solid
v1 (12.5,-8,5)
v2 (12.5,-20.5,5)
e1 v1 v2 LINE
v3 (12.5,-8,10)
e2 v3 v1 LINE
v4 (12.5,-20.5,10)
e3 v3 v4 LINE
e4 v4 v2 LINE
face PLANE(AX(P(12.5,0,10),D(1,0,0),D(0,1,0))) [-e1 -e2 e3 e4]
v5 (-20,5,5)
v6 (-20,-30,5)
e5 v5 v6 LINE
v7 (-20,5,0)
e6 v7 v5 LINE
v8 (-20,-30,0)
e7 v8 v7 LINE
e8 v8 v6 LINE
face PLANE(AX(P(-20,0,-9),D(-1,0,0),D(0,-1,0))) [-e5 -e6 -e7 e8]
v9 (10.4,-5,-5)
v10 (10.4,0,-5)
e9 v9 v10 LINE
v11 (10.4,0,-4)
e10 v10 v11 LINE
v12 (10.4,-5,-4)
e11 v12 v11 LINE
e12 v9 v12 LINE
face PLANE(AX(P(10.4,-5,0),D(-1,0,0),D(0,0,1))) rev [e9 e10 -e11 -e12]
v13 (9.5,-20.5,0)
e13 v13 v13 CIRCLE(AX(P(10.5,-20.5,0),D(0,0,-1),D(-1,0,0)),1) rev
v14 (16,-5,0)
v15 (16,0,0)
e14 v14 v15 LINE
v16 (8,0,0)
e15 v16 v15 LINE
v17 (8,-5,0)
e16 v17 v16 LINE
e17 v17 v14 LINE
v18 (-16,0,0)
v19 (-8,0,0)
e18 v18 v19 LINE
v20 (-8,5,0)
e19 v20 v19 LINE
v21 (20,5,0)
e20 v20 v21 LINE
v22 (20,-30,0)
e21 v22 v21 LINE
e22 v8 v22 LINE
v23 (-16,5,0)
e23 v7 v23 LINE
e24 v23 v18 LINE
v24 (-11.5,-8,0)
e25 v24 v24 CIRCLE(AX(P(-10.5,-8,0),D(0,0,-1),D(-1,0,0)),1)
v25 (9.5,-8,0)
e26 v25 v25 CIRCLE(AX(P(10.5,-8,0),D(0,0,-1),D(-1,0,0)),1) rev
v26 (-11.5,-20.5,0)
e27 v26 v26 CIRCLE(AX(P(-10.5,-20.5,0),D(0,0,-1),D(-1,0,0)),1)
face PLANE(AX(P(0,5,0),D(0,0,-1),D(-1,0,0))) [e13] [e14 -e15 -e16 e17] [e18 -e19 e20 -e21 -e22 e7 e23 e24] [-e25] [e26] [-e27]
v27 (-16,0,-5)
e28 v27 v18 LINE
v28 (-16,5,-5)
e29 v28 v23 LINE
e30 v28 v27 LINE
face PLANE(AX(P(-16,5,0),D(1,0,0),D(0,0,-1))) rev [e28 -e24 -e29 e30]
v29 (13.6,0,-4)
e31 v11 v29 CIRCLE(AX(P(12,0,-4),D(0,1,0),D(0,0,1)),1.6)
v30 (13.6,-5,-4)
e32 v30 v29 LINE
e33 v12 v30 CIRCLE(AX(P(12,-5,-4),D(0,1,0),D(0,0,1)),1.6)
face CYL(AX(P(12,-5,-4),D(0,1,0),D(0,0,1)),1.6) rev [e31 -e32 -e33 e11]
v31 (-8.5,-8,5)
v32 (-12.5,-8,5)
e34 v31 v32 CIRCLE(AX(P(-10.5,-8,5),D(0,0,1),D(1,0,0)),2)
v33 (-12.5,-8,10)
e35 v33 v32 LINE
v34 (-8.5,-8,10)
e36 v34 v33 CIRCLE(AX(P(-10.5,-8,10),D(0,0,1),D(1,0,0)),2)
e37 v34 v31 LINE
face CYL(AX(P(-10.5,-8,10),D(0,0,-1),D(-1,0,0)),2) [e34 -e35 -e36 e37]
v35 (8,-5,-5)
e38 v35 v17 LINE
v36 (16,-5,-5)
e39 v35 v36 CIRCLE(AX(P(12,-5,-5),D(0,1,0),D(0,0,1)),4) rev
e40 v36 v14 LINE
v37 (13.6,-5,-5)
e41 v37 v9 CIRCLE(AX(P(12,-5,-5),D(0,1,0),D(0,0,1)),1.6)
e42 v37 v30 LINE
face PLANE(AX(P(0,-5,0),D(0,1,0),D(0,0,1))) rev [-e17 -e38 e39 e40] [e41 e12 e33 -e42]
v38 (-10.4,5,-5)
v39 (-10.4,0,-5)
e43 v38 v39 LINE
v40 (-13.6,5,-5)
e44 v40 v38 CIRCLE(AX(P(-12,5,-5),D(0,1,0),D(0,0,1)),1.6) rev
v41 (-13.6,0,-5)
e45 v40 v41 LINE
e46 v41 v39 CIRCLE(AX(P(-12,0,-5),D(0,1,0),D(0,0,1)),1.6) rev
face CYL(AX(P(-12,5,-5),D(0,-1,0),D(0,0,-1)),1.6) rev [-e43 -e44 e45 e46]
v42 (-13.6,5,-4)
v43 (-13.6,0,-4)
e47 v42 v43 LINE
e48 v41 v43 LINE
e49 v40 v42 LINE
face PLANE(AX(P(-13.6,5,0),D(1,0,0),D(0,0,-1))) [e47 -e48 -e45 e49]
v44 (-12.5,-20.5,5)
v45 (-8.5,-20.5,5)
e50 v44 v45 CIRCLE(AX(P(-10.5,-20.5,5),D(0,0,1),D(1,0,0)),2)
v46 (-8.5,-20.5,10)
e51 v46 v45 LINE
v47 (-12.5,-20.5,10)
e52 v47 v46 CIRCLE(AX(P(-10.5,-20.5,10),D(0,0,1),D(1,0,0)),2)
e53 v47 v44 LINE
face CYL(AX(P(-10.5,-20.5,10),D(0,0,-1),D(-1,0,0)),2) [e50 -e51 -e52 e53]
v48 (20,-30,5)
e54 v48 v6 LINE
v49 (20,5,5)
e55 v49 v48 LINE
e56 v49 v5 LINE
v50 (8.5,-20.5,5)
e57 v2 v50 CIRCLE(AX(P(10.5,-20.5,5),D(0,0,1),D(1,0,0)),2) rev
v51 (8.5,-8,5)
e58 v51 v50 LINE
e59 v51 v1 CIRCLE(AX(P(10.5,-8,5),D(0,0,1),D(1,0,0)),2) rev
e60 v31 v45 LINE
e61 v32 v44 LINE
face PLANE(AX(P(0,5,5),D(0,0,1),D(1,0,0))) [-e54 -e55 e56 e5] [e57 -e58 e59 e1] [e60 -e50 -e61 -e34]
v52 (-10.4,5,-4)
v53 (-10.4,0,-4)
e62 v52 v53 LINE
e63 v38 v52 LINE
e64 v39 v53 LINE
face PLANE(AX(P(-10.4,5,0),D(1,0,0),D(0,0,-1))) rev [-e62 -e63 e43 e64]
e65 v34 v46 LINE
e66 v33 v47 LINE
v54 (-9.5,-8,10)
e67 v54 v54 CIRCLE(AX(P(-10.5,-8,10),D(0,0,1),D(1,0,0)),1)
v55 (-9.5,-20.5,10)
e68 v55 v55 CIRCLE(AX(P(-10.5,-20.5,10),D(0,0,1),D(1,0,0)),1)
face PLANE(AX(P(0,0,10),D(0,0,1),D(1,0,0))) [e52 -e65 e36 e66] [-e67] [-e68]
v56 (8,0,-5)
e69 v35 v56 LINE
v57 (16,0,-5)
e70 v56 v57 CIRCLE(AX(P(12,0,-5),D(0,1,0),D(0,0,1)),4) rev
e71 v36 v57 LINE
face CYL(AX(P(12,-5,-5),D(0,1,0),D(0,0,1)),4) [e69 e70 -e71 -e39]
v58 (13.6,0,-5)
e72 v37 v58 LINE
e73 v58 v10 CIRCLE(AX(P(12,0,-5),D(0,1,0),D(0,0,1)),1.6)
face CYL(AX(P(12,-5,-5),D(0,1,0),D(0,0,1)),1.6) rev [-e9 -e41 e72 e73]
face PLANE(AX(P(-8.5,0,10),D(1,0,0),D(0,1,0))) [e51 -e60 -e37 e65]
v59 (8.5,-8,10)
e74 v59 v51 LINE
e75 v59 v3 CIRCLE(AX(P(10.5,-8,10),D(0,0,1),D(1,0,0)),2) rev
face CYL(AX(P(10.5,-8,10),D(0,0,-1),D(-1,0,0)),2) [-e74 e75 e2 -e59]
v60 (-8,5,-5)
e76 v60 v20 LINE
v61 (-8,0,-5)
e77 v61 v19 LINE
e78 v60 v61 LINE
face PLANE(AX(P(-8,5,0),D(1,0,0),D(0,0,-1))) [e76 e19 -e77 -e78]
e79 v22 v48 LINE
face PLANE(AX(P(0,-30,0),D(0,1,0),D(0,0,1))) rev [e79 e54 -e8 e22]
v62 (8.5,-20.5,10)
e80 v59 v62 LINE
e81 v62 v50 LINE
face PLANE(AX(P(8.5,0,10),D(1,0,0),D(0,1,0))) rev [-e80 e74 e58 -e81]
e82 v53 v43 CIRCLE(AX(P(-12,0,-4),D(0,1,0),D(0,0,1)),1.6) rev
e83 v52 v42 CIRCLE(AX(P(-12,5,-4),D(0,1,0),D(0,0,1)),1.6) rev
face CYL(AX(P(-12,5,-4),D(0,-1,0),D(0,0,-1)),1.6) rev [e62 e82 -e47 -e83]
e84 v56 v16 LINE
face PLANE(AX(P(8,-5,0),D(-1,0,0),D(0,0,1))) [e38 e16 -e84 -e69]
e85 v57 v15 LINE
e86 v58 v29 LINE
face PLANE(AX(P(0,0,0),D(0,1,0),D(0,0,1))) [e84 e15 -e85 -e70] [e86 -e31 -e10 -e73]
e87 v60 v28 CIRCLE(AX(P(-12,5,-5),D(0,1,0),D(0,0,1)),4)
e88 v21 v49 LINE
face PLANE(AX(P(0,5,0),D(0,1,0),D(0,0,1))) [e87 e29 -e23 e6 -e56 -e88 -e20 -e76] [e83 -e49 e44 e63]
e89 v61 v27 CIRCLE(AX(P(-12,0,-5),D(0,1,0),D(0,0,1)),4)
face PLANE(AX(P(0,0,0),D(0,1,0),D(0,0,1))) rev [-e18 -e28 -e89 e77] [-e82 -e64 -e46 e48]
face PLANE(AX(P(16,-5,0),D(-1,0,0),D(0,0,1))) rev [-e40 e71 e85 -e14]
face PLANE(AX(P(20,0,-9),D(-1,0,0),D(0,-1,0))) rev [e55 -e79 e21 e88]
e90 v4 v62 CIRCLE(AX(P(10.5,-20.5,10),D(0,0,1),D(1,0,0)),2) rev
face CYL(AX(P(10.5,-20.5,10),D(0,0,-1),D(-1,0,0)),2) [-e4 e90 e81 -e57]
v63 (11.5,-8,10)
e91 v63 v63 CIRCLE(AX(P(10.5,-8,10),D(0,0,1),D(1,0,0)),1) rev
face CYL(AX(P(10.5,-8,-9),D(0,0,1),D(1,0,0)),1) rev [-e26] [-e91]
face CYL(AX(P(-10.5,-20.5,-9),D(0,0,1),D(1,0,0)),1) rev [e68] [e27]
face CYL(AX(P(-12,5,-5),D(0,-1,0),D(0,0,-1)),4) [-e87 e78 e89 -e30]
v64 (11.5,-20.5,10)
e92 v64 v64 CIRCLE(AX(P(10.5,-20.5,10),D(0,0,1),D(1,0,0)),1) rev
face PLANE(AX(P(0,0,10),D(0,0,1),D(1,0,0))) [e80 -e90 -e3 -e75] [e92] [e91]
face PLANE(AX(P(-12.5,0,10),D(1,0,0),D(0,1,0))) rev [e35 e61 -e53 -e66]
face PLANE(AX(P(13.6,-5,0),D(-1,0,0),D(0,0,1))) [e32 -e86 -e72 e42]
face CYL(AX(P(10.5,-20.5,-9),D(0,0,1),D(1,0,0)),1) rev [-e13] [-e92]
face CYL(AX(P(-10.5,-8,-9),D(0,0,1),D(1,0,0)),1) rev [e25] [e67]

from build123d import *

# Parameters (mm, degrees)
BOSS_EXTRUDE1_DEPTH = 5
BOSS_EXTRUDE2_DEPTH = 5
BOSS_EXTRUDE3_DEPTH = 30
SKETCH2_W           = 10
SKETCH2_H           = 35
SKETCH2_R           = 1
CUT_EXTRUDE1_DEPTH  = 45.676615807
BOSS_EXTRUDE4_START = 5
SKETCH2_3_R         = 1
BOSS_EXTRUDE4_DEPTH = 5


with BuildPart() as part:
    # Sketch1 → Boss-Extrude1 (new body)
    with BuildSketch(Plane(origin=(0, 0, 0), x_dir=(1, 0, 0), z_dir=(0, 1, 0))):
        with BuildLine():
            Line((-16, 0), (-30, 0))
            Line((-30, 0), (-30, -5))
            Line((-30, -5), (30, -5))
            Line((30, -5), (30, 0))
            Line((30, 0), (-8, 0))
            Line((-8, 0), (-8, 5))
            ThreePointArc((-8, 5), (-12, 9), (-16, 5))
            Line((-16, 5), (-16, 0))
        make_face()
        with BuildLine():
            ThreePointArc((-13.6, 5), (-12, 6.6), (-10.4, 5))
            Line((-10.4, 5), (-10.4, 4))
            ThreePointArc((-10.4, 4), (-12, 2.4), (-13.6, 4))
            Line((-13.6, 4), (-13.6, 5))
        make_face(mode=Mode.SUBTRACT)
    extrude(amount=BOSS_EXTRUDE1_DEPTH)

    # Sketch1<3> → Boss-Extrude2 (add)
    with BuildSketch(Plane(origin=(0, 0, 0), x_dir=(1, 0, 0), z_dir=(0, 1, 0))):
        with BuildLine():
            Line((-30, 0), (-30, -5))
            Line((-30, -5), (30, -5))
            Line((30, -5), (30, 0))
            Line((30, 0), (16, 0))
            Line((16, 0), (16, 5))
            ThreePointArc((16, 5), (12, 9), (8, 5))
            Line((8, 5), (8, 0))
            Line((8, 0), (-30, 0))
        make_face()
        with BuildLine():
            Line((13.6, 5), (13.6, 4))
            ThreePointArc((13.6, 4), (12, 2.4), (10.4, 4))
            Line((10.4, 4), (10.4, 5))
            ThreePointArc((10.4, 5), (12, 6.6), (13.6, 5))
        make_face(mode=Mode.SUBTRACT)
    extrude(amount=-BOSS_EXTRUDE2_DEPTH)

    # Sketch1<4> → Boss-Extrude3 (add)
    with BuildSketch(Plane(origin=(0, 0, 0), x_dir=(1, 0, 0), z_dir=(0, 1, 0))):
        Polygon((-16, 0), (-30, 0), (-30, -5), (30, -5), (30, 0), (16, 0), (8, 0), (-8, 0), align=None)
    extrude(amount=-BOSS_EXTRUDE3_DEPTH)

    # Sketch2 → Cut-Extrude1 (cut, through all)
    with BuildSketch(Plane.XY.offset(5)):
        with Locations((-25, -12.5)):
            Rectangle(SKETCH2_W, SKETCH2_H)
        with Locations((25, -12.5)):
            Rectangle(SKETCH2_W, SKETCH2_H)
        with Locations((-10.5, -8)):
            Circle(SKETCH2_R)
        with Locations((-10.5, -20.5)):
            Circle(SKETCH2_R)
        with Locations((10.5, -20.5)):
            Circle(SKETCH2_R)
        with Locations((10.5, -8)):
            Circle(SKETCH2_R)
    extrude(amount=-CUT_EXTRUDE1_DEPTH, mode=Mode.SUBTRACT)

    # Sketch2<3> → Boss-Extrude4 (add)
    # profile 1 of 2: a face of its own
    with BuildSketch(Plane.XY.offset(5).offset(BOSS_EXTRUDE4_START)):
        with BuildLine():
            Line((-8.5, -20.5), (-8.5, -8))
            ThreePointArc((-8.5, -8), (-10.5, -6), (-12.5, -8))
            Line((-12.5, -8), (-12.5, -20.5))
            ThreePointArc((-12.5, -20.5), (-10.5, -22.5), (-8.5, -20.5))
        make_face()
        with Locations((-10.5, -20.5)):
            Circle(SKETCH2_3_R, mode=Mode.SUBTRACT)
        with Locations((-10.5, -8)):
            Circle(SKETCH2_3_R, mode=Mode.SUBTRACT)
    # profile 2 of 2: a face of its own
    with BuildSketch(Plane.XY.offset(5).offset(BOSS_EXTRUDE4_START)):
        with BuildLine():
            ThreePointArc((12.5, -8), (10.5, -6), (8.5, -8))
            Line((8.5, -8), (8.5, -20.5))
            ThreePointArc((8.5, -20.5), (10.5, -22.5), (12.5, -20.5))
            Line((12.5, -20.5), (12.5, -8))
        make_face()
        with Locations((10.5, -20.5)):
            Circle(SKETCH2_3_R, mode=Mode.SUBTRACT)
        with Locations((10.5, -8)):
            Circle(SKETCH2_3_R, mode=Mode.SUBTRACT)
    extrude(amount=-BOSS_EXTRUDE4_DEPTH)


solid = part.part
